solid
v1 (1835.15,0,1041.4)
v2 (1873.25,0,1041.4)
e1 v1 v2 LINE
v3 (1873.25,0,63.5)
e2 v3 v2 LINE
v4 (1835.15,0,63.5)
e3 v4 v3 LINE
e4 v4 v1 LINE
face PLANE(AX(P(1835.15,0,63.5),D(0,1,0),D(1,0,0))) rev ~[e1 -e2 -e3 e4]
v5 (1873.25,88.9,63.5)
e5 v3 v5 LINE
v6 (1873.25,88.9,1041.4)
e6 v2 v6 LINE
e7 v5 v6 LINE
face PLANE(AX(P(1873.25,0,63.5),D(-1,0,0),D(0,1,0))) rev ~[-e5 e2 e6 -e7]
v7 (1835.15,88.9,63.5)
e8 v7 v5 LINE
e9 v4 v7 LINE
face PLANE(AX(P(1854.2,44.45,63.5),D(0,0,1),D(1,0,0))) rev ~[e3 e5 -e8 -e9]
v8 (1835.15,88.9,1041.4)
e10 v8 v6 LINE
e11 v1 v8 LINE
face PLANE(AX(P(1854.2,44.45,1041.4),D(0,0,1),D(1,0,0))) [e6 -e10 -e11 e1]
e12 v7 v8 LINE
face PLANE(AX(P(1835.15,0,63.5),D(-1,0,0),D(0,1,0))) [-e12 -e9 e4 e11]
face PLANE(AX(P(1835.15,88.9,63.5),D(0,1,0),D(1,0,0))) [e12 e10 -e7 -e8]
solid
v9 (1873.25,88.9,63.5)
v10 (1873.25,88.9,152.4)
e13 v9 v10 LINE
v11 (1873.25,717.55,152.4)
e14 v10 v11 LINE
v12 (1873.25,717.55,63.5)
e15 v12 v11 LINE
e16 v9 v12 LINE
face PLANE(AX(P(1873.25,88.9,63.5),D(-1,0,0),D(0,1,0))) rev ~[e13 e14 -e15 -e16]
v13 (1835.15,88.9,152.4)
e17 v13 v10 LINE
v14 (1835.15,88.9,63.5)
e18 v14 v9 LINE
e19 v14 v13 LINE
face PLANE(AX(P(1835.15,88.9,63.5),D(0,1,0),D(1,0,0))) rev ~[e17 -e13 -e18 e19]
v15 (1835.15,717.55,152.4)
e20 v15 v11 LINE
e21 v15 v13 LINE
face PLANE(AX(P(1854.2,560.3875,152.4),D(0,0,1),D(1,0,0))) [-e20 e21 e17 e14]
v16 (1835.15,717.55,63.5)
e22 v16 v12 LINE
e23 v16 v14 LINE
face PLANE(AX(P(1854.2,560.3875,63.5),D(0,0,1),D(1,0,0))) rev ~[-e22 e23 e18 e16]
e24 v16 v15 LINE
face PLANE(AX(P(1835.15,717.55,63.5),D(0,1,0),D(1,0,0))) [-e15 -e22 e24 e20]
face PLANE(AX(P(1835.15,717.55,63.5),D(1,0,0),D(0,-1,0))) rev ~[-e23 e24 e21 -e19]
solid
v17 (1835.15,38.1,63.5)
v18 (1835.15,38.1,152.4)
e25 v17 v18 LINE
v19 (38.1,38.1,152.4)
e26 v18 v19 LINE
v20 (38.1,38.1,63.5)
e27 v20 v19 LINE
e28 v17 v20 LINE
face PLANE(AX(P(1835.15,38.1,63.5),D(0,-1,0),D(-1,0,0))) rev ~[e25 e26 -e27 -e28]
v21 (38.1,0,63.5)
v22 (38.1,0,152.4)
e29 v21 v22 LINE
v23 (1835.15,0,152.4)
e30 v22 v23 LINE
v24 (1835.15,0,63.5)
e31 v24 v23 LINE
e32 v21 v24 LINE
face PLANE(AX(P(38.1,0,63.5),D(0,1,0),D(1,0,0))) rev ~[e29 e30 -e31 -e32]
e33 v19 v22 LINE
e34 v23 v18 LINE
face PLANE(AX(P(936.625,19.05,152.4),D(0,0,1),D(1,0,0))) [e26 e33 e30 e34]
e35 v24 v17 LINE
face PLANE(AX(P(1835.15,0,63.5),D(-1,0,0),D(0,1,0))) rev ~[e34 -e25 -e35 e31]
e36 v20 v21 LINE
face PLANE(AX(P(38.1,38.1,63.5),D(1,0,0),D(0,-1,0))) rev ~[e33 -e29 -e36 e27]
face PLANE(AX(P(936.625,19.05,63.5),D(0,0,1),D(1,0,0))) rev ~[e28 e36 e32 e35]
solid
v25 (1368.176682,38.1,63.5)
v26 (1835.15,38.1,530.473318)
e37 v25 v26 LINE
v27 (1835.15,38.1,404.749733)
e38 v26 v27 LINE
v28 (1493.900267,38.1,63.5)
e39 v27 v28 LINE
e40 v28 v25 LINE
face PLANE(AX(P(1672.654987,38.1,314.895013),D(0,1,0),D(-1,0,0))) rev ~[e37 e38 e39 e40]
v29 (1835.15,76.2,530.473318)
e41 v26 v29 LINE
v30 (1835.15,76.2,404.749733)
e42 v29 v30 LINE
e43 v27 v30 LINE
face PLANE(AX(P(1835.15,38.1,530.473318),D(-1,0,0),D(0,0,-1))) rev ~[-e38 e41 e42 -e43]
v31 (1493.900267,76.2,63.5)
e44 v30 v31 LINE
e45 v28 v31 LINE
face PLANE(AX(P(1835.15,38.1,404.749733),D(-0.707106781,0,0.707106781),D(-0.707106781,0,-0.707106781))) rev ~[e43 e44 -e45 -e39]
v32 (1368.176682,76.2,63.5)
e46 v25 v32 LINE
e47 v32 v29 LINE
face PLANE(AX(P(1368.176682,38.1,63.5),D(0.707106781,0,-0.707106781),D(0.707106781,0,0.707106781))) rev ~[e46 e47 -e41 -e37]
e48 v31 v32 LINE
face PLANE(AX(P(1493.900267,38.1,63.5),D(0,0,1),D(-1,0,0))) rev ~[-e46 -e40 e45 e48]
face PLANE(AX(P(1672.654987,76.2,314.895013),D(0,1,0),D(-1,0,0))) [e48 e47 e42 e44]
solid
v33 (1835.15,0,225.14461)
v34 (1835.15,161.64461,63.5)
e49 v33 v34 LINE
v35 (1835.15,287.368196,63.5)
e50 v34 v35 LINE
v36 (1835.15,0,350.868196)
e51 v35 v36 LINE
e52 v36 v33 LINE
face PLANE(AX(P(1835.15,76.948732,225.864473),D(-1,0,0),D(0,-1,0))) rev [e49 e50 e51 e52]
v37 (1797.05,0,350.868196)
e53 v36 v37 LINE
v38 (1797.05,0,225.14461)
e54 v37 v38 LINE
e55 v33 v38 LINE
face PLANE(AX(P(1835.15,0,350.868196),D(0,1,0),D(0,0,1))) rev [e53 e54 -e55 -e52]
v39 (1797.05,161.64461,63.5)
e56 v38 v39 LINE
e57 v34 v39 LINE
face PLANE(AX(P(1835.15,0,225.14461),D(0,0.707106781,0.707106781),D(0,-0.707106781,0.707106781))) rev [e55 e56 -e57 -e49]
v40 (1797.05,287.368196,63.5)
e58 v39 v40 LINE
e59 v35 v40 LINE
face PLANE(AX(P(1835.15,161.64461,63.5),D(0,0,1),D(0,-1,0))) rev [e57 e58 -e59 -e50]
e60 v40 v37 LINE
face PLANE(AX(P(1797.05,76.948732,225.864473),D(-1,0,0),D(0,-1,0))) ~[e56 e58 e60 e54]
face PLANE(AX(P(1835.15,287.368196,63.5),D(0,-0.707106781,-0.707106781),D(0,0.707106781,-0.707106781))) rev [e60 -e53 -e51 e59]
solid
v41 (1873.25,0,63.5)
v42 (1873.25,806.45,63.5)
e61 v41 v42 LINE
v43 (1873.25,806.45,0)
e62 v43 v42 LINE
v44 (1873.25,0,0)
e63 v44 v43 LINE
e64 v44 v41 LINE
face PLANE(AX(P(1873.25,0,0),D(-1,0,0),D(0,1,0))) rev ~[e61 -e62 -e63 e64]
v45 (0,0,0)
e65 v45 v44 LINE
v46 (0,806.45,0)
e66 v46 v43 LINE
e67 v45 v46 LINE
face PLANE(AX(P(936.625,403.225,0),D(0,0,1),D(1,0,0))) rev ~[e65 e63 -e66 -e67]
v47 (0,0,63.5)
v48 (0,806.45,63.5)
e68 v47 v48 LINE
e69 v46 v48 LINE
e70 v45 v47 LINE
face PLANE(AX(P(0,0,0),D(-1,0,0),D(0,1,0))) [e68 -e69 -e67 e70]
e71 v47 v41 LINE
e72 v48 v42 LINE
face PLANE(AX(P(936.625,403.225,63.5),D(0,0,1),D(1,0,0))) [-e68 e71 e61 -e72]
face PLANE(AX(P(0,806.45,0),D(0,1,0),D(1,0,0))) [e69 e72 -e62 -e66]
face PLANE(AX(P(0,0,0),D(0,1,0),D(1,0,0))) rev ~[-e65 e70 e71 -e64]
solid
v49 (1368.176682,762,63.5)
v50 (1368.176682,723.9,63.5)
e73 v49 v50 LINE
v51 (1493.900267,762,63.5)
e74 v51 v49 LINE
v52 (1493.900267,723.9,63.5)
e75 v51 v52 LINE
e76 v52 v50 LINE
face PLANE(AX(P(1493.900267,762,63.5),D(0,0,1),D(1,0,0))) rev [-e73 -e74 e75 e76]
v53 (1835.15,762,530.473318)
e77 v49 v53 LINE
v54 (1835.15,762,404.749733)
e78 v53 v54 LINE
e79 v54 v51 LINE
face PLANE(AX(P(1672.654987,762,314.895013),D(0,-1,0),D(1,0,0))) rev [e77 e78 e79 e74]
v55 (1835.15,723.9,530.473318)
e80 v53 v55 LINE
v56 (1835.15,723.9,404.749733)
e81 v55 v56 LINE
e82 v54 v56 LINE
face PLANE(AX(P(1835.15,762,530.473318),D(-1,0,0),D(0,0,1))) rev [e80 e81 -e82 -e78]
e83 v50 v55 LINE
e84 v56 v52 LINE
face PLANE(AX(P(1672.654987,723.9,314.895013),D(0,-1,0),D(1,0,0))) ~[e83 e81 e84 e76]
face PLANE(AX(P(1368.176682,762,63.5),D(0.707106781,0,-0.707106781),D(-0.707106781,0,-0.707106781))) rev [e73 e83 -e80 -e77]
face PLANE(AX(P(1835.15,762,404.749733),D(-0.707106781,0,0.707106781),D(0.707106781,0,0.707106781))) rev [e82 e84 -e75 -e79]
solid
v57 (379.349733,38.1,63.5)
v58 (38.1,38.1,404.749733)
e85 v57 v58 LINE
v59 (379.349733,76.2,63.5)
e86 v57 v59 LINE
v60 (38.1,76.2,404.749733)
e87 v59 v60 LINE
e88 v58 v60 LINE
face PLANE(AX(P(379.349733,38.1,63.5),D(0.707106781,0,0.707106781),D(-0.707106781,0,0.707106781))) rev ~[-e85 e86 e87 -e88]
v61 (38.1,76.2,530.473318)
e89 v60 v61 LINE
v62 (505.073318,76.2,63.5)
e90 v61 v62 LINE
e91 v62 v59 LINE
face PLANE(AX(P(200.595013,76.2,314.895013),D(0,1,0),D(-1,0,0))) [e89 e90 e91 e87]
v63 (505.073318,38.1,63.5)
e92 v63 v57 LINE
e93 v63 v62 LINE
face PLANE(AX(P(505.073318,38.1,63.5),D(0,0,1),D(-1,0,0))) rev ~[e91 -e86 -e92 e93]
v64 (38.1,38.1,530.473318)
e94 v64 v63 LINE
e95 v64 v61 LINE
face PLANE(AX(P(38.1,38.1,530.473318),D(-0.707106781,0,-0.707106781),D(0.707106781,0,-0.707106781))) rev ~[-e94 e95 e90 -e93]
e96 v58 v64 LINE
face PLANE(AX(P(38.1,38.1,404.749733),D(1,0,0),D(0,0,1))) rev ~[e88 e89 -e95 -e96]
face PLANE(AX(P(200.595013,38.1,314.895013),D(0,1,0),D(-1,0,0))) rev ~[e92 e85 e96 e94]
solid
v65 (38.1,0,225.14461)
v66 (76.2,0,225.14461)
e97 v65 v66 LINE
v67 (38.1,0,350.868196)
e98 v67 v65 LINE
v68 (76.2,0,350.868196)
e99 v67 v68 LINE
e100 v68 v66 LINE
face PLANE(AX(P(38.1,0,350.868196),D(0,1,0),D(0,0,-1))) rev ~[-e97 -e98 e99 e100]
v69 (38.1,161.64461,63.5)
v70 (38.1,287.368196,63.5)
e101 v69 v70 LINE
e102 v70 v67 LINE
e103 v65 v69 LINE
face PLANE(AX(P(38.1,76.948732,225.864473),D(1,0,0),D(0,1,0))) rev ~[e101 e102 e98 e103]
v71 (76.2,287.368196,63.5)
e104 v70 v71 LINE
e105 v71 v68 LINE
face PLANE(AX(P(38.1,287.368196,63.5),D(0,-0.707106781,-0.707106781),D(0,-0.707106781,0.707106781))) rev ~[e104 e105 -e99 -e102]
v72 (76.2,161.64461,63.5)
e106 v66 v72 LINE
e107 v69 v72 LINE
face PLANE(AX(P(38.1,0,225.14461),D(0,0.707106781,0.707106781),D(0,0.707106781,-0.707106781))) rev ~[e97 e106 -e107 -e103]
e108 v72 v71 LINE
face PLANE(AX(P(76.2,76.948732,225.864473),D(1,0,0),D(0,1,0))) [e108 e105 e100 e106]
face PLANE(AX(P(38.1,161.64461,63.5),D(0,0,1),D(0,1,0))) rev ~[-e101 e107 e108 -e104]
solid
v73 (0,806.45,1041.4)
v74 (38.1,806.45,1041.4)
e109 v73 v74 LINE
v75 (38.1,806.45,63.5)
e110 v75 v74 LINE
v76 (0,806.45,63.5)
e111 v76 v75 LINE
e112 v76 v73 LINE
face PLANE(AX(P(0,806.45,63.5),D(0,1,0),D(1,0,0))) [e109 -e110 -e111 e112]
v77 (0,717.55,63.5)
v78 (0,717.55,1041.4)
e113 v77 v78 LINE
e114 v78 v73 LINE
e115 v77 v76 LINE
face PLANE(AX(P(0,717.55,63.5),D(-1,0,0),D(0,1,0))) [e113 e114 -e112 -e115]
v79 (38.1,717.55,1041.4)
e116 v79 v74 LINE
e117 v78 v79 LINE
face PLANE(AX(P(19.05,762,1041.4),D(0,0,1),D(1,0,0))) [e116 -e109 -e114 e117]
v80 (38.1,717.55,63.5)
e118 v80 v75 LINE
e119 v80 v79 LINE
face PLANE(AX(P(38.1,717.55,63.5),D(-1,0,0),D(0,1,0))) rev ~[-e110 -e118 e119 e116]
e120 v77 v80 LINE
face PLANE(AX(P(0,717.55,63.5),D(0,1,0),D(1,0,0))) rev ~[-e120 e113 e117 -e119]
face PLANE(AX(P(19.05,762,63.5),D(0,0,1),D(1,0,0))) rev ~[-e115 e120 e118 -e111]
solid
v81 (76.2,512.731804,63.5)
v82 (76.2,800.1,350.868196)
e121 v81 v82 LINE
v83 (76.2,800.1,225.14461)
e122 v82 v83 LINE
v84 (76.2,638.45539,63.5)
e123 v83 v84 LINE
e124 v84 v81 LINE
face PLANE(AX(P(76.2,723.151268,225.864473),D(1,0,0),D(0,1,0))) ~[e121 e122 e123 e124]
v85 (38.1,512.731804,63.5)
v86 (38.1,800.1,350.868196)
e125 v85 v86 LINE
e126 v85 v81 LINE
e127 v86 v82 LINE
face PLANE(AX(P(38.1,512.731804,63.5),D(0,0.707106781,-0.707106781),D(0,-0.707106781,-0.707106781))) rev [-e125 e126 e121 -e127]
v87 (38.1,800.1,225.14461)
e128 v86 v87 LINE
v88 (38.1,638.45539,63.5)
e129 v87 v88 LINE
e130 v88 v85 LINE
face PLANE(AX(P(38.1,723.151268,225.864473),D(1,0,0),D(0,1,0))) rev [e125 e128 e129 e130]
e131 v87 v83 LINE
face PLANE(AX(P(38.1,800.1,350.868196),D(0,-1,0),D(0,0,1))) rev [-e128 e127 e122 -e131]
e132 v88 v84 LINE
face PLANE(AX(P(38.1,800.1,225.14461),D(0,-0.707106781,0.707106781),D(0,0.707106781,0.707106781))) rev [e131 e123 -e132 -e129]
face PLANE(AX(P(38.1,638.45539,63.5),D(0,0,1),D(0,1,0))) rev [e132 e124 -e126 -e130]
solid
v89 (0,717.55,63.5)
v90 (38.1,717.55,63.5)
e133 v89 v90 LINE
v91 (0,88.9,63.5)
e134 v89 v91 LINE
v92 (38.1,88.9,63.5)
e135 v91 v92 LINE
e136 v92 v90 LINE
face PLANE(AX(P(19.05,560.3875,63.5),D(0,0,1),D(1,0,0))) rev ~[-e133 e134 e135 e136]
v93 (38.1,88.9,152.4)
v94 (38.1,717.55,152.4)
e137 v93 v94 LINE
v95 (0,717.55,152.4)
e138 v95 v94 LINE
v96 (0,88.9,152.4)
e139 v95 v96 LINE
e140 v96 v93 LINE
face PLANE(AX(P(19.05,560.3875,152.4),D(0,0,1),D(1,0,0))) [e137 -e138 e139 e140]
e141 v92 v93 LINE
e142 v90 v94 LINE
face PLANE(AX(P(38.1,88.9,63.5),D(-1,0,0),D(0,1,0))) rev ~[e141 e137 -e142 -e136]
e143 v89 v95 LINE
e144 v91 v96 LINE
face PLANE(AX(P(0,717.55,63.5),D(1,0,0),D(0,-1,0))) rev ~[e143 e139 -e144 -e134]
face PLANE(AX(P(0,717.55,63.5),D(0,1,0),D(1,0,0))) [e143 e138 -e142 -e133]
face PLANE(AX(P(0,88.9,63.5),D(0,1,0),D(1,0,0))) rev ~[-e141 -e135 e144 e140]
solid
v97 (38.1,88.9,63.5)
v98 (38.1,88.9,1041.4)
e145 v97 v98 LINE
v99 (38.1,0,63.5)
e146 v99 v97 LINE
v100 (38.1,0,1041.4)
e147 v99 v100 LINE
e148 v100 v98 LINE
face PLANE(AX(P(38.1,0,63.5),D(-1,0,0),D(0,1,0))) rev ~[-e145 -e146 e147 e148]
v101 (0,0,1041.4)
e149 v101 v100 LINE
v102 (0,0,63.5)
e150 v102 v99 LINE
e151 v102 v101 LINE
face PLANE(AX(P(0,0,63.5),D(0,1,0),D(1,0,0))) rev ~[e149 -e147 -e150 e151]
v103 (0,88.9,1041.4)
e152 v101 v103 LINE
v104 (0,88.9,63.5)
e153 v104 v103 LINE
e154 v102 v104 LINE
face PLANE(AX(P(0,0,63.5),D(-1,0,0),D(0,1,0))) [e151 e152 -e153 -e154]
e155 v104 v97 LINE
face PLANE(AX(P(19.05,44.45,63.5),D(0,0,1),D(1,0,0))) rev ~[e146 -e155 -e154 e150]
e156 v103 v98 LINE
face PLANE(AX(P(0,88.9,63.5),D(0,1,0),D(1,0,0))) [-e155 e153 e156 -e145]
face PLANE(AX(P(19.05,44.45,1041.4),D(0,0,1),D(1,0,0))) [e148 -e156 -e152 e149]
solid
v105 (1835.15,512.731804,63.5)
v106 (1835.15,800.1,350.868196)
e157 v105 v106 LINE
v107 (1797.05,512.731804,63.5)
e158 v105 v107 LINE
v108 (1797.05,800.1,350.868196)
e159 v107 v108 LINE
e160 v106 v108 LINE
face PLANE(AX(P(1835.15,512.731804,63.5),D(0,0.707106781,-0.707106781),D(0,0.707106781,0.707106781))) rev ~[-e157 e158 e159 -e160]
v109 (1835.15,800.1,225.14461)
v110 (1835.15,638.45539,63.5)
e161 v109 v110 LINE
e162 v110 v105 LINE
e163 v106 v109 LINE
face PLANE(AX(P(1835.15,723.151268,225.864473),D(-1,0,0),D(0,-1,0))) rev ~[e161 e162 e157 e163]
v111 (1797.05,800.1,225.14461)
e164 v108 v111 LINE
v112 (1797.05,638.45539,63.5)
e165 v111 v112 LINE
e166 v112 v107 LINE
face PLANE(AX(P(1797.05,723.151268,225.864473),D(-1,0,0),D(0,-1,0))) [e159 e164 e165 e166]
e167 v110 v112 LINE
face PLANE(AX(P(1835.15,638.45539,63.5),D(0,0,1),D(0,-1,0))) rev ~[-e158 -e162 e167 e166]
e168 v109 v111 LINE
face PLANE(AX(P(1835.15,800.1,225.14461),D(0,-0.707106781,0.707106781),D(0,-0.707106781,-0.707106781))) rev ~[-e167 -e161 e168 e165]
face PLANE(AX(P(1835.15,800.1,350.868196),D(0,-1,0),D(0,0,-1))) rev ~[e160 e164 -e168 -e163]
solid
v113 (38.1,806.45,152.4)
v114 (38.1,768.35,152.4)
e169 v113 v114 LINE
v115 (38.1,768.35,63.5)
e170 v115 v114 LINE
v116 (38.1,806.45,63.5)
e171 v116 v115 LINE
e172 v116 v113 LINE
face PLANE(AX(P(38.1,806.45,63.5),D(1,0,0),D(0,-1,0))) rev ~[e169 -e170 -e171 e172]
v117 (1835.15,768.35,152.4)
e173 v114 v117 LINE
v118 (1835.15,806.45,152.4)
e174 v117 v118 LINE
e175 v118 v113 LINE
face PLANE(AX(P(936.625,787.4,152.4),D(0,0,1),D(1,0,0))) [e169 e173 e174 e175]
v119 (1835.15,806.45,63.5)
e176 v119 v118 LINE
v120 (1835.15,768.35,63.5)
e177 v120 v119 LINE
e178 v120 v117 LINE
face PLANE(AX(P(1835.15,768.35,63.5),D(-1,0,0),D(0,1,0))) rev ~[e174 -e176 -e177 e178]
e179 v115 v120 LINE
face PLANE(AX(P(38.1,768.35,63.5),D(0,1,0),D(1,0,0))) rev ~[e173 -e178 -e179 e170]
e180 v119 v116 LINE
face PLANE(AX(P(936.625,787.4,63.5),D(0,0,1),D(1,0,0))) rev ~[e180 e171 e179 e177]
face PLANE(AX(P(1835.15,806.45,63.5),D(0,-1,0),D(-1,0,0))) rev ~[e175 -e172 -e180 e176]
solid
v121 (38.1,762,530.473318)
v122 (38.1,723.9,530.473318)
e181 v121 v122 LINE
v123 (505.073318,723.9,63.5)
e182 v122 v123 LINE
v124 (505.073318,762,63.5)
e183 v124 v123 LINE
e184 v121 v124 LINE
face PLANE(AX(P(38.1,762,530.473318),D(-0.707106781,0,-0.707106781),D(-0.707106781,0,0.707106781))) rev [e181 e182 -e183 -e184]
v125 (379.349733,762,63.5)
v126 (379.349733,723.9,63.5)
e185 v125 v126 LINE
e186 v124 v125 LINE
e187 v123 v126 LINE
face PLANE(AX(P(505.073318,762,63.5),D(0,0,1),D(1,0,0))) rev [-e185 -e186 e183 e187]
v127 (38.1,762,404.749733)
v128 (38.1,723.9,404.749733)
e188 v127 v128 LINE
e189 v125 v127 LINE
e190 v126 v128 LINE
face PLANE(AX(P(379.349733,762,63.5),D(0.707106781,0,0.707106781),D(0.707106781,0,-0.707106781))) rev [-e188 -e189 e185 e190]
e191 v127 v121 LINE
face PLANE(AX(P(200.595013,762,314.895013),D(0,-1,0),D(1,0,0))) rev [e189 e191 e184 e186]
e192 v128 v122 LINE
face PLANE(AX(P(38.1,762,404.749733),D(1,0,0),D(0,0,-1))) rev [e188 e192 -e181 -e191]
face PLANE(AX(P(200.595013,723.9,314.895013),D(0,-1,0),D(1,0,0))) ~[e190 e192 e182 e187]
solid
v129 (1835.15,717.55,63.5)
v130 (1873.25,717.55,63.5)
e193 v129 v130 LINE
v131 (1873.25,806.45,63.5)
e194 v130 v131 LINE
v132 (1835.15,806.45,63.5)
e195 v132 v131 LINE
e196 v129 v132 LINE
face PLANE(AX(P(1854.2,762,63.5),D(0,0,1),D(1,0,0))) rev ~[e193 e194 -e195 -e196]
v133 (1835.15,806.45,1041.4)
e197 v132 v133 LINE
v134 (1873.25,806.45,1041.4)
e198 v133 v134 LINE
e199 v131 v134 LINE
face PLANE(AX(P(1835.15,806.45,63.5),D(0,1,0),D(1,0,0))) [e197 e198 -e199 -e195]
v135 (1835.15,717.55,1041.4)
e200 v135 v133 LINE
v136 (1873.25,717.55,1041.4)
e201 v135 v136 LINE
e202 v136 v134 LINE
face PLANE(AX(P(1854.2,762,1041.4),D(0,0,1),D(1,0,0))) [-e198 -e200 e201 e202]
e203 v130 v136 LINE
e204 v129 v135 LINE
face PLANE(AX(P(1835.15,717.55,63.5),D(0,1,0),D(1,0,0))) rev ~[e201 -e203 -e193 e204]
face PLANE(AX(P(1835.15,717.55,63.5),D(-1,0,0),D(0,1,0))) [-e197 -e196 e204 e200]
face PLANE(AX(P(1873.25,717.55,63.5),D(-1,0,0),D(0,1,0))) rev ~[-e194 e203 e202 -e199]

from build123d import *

# Parameters (mm, degrees)
F0_W      = 1873.25
F0_H      = 806.45
F1_DEPTH  = 63.5
F2_W      = 38.1
F2_H      = 88.9
F3_DEPTH  = 977.9
F4_W      = 38.1
F4_H      = 314.325
F5_DEPTH  = 88.9
F7_DEPTH  = 38.1
F12_DEPTH = 38.1


with BuildPart() as f1:
    # F0 (on Top) → F1 (new body)
    with BuildSketch(Plane.XY):
        with Locations((936.625, 403.225)):
            Rectangle(F0_W, F0_H)
    extrude(amount=F1_DEPTH)


with BuildPart() as f3:
    # F2 (on face) → F3 (new body)
    with BuildSketch(Plane.XY.offset(63.5)):
        with Locations((19.05, 762)):
            Rectangle(F2_W, F2_H)
        with Locations((19.05, 44.45)):
            Rectangle(F2_W, F2_H)
        with Locations((1854.2, 44.45)):
            Rectangle(F2_W, F2_H)
        with Locations((1854.2, 762)):
            Rectangle(F2_W, F2_H)
    extrude(amount=F3_DEPTH)


with BuildPart() as f5:
    # F4 (on face) → F5 (new body)
    with BuildSketch(Plane.XY.offset(63.5)):
        with Locations((19.05, 560.3875)):
            Rectangle(F4_W, F4_H)
        with Locations((19.05, 246.0625)):
            Rectangle(F4_W, F4_H)
        Polygon((38.1, 38.1), (38.1, 0), (1835.15, 0), (1835.15, 38.1), (936.625, 38.1), align=None)
        Polygon((38.1, 768.35), (936.625, 768.35), (1835.15, 768.35), (1835.15, 806.45), (38.1, 806.45), align=None)
        with Locations((1854.2, 560.3875)):
            Rectangle(F4_W, F4_H)
        with Locations((1854.2, 246.0625)):
            Rectangle(F4_W, F4_H)
    extrude(amount=F5_DEPTH)


with BuildPart() as f7:
    # F6 (on face) → F7 (new body)
    with BuildSketch(Plane(origin=(0, 38.1, 0), x_dir=(-1, 0, 0), z_dir=(0, 1, 0))):
        Polygon((-38.1, 530.473318), (-416.173318, 152.4), (-290.449733, 152.4), (-38.1, 404.749733), align=None)
        Polygon((-416.173318, 152.4), (-505.073318, 63.5), (-379.349733, 63.5), (-290.449733, 152.4), align=None)
        Polygon((-1582.800267, 152.4), (-1457.076682, 152.4), (-1835.15, 530.473318), (-1835.15, 404.749733), align=None)
        Polygon((-1493.900267, 63.5), (-1368.176682, 63.5), (-1457.076682, 152.4), (-1582.800267, 152.4), align=None)
    extrude(amount=F7_DEPTH)


with BuildPart() as f9_1:
    # F9: instance of F7
    add(f7.part.mirror(Plane(origin=(936.625, 400.05, 31.75), x_dir=(1, 0, 0), z_dir=(0, -1, 0))))


with BuildPart() as f12:
    # F11 (on face) → F12 (new body)
    with BuildSketch(Plane.YZ.offset(38.1)):
        Polygon((0, 225.14461), (88.9, 136.24461), (88.9, 152.4), (198.468196, 152.4), (0, 350.868196), align=None)
        Polygon((88.9, 136.24461), (161.64461, 63.5), (287.368196, 63.5), (198.468196, 152.4), (88.9, 152.4), align=None)
    extrude(amount=F12_DEPTH)


with BuildPart() as f13_1:
    # F13: instance of F12
    add(f12.part.mirror(Plane(origin=(936.625, 400.05, 31.75), x_dir=(1, 0, 0), z_dir=(0, -1, 0))))


with BuildPart() as f14_1:
    # F14: instance of F12
    add(f12.part.mirror(Plane(origin=(936.625, 403.225, 107.95), x_dir=(0, -1, 0), z_dir=(-1, 0, 0))))


with BuildPart() as f14_2:
    # F14: instance of F13_1
    add(f13_1.part.mirror(Plane(origin=(936.625, 403.225, 107.95), x_dir=(0, -1, 0), z_dir=(-1, 0, 0))))


solid = Compound([f1.part, f3.part, f5.part, f7.part, f9_1.part, f12.part, f13_1.part, f14_1.part, f14_2.part])
